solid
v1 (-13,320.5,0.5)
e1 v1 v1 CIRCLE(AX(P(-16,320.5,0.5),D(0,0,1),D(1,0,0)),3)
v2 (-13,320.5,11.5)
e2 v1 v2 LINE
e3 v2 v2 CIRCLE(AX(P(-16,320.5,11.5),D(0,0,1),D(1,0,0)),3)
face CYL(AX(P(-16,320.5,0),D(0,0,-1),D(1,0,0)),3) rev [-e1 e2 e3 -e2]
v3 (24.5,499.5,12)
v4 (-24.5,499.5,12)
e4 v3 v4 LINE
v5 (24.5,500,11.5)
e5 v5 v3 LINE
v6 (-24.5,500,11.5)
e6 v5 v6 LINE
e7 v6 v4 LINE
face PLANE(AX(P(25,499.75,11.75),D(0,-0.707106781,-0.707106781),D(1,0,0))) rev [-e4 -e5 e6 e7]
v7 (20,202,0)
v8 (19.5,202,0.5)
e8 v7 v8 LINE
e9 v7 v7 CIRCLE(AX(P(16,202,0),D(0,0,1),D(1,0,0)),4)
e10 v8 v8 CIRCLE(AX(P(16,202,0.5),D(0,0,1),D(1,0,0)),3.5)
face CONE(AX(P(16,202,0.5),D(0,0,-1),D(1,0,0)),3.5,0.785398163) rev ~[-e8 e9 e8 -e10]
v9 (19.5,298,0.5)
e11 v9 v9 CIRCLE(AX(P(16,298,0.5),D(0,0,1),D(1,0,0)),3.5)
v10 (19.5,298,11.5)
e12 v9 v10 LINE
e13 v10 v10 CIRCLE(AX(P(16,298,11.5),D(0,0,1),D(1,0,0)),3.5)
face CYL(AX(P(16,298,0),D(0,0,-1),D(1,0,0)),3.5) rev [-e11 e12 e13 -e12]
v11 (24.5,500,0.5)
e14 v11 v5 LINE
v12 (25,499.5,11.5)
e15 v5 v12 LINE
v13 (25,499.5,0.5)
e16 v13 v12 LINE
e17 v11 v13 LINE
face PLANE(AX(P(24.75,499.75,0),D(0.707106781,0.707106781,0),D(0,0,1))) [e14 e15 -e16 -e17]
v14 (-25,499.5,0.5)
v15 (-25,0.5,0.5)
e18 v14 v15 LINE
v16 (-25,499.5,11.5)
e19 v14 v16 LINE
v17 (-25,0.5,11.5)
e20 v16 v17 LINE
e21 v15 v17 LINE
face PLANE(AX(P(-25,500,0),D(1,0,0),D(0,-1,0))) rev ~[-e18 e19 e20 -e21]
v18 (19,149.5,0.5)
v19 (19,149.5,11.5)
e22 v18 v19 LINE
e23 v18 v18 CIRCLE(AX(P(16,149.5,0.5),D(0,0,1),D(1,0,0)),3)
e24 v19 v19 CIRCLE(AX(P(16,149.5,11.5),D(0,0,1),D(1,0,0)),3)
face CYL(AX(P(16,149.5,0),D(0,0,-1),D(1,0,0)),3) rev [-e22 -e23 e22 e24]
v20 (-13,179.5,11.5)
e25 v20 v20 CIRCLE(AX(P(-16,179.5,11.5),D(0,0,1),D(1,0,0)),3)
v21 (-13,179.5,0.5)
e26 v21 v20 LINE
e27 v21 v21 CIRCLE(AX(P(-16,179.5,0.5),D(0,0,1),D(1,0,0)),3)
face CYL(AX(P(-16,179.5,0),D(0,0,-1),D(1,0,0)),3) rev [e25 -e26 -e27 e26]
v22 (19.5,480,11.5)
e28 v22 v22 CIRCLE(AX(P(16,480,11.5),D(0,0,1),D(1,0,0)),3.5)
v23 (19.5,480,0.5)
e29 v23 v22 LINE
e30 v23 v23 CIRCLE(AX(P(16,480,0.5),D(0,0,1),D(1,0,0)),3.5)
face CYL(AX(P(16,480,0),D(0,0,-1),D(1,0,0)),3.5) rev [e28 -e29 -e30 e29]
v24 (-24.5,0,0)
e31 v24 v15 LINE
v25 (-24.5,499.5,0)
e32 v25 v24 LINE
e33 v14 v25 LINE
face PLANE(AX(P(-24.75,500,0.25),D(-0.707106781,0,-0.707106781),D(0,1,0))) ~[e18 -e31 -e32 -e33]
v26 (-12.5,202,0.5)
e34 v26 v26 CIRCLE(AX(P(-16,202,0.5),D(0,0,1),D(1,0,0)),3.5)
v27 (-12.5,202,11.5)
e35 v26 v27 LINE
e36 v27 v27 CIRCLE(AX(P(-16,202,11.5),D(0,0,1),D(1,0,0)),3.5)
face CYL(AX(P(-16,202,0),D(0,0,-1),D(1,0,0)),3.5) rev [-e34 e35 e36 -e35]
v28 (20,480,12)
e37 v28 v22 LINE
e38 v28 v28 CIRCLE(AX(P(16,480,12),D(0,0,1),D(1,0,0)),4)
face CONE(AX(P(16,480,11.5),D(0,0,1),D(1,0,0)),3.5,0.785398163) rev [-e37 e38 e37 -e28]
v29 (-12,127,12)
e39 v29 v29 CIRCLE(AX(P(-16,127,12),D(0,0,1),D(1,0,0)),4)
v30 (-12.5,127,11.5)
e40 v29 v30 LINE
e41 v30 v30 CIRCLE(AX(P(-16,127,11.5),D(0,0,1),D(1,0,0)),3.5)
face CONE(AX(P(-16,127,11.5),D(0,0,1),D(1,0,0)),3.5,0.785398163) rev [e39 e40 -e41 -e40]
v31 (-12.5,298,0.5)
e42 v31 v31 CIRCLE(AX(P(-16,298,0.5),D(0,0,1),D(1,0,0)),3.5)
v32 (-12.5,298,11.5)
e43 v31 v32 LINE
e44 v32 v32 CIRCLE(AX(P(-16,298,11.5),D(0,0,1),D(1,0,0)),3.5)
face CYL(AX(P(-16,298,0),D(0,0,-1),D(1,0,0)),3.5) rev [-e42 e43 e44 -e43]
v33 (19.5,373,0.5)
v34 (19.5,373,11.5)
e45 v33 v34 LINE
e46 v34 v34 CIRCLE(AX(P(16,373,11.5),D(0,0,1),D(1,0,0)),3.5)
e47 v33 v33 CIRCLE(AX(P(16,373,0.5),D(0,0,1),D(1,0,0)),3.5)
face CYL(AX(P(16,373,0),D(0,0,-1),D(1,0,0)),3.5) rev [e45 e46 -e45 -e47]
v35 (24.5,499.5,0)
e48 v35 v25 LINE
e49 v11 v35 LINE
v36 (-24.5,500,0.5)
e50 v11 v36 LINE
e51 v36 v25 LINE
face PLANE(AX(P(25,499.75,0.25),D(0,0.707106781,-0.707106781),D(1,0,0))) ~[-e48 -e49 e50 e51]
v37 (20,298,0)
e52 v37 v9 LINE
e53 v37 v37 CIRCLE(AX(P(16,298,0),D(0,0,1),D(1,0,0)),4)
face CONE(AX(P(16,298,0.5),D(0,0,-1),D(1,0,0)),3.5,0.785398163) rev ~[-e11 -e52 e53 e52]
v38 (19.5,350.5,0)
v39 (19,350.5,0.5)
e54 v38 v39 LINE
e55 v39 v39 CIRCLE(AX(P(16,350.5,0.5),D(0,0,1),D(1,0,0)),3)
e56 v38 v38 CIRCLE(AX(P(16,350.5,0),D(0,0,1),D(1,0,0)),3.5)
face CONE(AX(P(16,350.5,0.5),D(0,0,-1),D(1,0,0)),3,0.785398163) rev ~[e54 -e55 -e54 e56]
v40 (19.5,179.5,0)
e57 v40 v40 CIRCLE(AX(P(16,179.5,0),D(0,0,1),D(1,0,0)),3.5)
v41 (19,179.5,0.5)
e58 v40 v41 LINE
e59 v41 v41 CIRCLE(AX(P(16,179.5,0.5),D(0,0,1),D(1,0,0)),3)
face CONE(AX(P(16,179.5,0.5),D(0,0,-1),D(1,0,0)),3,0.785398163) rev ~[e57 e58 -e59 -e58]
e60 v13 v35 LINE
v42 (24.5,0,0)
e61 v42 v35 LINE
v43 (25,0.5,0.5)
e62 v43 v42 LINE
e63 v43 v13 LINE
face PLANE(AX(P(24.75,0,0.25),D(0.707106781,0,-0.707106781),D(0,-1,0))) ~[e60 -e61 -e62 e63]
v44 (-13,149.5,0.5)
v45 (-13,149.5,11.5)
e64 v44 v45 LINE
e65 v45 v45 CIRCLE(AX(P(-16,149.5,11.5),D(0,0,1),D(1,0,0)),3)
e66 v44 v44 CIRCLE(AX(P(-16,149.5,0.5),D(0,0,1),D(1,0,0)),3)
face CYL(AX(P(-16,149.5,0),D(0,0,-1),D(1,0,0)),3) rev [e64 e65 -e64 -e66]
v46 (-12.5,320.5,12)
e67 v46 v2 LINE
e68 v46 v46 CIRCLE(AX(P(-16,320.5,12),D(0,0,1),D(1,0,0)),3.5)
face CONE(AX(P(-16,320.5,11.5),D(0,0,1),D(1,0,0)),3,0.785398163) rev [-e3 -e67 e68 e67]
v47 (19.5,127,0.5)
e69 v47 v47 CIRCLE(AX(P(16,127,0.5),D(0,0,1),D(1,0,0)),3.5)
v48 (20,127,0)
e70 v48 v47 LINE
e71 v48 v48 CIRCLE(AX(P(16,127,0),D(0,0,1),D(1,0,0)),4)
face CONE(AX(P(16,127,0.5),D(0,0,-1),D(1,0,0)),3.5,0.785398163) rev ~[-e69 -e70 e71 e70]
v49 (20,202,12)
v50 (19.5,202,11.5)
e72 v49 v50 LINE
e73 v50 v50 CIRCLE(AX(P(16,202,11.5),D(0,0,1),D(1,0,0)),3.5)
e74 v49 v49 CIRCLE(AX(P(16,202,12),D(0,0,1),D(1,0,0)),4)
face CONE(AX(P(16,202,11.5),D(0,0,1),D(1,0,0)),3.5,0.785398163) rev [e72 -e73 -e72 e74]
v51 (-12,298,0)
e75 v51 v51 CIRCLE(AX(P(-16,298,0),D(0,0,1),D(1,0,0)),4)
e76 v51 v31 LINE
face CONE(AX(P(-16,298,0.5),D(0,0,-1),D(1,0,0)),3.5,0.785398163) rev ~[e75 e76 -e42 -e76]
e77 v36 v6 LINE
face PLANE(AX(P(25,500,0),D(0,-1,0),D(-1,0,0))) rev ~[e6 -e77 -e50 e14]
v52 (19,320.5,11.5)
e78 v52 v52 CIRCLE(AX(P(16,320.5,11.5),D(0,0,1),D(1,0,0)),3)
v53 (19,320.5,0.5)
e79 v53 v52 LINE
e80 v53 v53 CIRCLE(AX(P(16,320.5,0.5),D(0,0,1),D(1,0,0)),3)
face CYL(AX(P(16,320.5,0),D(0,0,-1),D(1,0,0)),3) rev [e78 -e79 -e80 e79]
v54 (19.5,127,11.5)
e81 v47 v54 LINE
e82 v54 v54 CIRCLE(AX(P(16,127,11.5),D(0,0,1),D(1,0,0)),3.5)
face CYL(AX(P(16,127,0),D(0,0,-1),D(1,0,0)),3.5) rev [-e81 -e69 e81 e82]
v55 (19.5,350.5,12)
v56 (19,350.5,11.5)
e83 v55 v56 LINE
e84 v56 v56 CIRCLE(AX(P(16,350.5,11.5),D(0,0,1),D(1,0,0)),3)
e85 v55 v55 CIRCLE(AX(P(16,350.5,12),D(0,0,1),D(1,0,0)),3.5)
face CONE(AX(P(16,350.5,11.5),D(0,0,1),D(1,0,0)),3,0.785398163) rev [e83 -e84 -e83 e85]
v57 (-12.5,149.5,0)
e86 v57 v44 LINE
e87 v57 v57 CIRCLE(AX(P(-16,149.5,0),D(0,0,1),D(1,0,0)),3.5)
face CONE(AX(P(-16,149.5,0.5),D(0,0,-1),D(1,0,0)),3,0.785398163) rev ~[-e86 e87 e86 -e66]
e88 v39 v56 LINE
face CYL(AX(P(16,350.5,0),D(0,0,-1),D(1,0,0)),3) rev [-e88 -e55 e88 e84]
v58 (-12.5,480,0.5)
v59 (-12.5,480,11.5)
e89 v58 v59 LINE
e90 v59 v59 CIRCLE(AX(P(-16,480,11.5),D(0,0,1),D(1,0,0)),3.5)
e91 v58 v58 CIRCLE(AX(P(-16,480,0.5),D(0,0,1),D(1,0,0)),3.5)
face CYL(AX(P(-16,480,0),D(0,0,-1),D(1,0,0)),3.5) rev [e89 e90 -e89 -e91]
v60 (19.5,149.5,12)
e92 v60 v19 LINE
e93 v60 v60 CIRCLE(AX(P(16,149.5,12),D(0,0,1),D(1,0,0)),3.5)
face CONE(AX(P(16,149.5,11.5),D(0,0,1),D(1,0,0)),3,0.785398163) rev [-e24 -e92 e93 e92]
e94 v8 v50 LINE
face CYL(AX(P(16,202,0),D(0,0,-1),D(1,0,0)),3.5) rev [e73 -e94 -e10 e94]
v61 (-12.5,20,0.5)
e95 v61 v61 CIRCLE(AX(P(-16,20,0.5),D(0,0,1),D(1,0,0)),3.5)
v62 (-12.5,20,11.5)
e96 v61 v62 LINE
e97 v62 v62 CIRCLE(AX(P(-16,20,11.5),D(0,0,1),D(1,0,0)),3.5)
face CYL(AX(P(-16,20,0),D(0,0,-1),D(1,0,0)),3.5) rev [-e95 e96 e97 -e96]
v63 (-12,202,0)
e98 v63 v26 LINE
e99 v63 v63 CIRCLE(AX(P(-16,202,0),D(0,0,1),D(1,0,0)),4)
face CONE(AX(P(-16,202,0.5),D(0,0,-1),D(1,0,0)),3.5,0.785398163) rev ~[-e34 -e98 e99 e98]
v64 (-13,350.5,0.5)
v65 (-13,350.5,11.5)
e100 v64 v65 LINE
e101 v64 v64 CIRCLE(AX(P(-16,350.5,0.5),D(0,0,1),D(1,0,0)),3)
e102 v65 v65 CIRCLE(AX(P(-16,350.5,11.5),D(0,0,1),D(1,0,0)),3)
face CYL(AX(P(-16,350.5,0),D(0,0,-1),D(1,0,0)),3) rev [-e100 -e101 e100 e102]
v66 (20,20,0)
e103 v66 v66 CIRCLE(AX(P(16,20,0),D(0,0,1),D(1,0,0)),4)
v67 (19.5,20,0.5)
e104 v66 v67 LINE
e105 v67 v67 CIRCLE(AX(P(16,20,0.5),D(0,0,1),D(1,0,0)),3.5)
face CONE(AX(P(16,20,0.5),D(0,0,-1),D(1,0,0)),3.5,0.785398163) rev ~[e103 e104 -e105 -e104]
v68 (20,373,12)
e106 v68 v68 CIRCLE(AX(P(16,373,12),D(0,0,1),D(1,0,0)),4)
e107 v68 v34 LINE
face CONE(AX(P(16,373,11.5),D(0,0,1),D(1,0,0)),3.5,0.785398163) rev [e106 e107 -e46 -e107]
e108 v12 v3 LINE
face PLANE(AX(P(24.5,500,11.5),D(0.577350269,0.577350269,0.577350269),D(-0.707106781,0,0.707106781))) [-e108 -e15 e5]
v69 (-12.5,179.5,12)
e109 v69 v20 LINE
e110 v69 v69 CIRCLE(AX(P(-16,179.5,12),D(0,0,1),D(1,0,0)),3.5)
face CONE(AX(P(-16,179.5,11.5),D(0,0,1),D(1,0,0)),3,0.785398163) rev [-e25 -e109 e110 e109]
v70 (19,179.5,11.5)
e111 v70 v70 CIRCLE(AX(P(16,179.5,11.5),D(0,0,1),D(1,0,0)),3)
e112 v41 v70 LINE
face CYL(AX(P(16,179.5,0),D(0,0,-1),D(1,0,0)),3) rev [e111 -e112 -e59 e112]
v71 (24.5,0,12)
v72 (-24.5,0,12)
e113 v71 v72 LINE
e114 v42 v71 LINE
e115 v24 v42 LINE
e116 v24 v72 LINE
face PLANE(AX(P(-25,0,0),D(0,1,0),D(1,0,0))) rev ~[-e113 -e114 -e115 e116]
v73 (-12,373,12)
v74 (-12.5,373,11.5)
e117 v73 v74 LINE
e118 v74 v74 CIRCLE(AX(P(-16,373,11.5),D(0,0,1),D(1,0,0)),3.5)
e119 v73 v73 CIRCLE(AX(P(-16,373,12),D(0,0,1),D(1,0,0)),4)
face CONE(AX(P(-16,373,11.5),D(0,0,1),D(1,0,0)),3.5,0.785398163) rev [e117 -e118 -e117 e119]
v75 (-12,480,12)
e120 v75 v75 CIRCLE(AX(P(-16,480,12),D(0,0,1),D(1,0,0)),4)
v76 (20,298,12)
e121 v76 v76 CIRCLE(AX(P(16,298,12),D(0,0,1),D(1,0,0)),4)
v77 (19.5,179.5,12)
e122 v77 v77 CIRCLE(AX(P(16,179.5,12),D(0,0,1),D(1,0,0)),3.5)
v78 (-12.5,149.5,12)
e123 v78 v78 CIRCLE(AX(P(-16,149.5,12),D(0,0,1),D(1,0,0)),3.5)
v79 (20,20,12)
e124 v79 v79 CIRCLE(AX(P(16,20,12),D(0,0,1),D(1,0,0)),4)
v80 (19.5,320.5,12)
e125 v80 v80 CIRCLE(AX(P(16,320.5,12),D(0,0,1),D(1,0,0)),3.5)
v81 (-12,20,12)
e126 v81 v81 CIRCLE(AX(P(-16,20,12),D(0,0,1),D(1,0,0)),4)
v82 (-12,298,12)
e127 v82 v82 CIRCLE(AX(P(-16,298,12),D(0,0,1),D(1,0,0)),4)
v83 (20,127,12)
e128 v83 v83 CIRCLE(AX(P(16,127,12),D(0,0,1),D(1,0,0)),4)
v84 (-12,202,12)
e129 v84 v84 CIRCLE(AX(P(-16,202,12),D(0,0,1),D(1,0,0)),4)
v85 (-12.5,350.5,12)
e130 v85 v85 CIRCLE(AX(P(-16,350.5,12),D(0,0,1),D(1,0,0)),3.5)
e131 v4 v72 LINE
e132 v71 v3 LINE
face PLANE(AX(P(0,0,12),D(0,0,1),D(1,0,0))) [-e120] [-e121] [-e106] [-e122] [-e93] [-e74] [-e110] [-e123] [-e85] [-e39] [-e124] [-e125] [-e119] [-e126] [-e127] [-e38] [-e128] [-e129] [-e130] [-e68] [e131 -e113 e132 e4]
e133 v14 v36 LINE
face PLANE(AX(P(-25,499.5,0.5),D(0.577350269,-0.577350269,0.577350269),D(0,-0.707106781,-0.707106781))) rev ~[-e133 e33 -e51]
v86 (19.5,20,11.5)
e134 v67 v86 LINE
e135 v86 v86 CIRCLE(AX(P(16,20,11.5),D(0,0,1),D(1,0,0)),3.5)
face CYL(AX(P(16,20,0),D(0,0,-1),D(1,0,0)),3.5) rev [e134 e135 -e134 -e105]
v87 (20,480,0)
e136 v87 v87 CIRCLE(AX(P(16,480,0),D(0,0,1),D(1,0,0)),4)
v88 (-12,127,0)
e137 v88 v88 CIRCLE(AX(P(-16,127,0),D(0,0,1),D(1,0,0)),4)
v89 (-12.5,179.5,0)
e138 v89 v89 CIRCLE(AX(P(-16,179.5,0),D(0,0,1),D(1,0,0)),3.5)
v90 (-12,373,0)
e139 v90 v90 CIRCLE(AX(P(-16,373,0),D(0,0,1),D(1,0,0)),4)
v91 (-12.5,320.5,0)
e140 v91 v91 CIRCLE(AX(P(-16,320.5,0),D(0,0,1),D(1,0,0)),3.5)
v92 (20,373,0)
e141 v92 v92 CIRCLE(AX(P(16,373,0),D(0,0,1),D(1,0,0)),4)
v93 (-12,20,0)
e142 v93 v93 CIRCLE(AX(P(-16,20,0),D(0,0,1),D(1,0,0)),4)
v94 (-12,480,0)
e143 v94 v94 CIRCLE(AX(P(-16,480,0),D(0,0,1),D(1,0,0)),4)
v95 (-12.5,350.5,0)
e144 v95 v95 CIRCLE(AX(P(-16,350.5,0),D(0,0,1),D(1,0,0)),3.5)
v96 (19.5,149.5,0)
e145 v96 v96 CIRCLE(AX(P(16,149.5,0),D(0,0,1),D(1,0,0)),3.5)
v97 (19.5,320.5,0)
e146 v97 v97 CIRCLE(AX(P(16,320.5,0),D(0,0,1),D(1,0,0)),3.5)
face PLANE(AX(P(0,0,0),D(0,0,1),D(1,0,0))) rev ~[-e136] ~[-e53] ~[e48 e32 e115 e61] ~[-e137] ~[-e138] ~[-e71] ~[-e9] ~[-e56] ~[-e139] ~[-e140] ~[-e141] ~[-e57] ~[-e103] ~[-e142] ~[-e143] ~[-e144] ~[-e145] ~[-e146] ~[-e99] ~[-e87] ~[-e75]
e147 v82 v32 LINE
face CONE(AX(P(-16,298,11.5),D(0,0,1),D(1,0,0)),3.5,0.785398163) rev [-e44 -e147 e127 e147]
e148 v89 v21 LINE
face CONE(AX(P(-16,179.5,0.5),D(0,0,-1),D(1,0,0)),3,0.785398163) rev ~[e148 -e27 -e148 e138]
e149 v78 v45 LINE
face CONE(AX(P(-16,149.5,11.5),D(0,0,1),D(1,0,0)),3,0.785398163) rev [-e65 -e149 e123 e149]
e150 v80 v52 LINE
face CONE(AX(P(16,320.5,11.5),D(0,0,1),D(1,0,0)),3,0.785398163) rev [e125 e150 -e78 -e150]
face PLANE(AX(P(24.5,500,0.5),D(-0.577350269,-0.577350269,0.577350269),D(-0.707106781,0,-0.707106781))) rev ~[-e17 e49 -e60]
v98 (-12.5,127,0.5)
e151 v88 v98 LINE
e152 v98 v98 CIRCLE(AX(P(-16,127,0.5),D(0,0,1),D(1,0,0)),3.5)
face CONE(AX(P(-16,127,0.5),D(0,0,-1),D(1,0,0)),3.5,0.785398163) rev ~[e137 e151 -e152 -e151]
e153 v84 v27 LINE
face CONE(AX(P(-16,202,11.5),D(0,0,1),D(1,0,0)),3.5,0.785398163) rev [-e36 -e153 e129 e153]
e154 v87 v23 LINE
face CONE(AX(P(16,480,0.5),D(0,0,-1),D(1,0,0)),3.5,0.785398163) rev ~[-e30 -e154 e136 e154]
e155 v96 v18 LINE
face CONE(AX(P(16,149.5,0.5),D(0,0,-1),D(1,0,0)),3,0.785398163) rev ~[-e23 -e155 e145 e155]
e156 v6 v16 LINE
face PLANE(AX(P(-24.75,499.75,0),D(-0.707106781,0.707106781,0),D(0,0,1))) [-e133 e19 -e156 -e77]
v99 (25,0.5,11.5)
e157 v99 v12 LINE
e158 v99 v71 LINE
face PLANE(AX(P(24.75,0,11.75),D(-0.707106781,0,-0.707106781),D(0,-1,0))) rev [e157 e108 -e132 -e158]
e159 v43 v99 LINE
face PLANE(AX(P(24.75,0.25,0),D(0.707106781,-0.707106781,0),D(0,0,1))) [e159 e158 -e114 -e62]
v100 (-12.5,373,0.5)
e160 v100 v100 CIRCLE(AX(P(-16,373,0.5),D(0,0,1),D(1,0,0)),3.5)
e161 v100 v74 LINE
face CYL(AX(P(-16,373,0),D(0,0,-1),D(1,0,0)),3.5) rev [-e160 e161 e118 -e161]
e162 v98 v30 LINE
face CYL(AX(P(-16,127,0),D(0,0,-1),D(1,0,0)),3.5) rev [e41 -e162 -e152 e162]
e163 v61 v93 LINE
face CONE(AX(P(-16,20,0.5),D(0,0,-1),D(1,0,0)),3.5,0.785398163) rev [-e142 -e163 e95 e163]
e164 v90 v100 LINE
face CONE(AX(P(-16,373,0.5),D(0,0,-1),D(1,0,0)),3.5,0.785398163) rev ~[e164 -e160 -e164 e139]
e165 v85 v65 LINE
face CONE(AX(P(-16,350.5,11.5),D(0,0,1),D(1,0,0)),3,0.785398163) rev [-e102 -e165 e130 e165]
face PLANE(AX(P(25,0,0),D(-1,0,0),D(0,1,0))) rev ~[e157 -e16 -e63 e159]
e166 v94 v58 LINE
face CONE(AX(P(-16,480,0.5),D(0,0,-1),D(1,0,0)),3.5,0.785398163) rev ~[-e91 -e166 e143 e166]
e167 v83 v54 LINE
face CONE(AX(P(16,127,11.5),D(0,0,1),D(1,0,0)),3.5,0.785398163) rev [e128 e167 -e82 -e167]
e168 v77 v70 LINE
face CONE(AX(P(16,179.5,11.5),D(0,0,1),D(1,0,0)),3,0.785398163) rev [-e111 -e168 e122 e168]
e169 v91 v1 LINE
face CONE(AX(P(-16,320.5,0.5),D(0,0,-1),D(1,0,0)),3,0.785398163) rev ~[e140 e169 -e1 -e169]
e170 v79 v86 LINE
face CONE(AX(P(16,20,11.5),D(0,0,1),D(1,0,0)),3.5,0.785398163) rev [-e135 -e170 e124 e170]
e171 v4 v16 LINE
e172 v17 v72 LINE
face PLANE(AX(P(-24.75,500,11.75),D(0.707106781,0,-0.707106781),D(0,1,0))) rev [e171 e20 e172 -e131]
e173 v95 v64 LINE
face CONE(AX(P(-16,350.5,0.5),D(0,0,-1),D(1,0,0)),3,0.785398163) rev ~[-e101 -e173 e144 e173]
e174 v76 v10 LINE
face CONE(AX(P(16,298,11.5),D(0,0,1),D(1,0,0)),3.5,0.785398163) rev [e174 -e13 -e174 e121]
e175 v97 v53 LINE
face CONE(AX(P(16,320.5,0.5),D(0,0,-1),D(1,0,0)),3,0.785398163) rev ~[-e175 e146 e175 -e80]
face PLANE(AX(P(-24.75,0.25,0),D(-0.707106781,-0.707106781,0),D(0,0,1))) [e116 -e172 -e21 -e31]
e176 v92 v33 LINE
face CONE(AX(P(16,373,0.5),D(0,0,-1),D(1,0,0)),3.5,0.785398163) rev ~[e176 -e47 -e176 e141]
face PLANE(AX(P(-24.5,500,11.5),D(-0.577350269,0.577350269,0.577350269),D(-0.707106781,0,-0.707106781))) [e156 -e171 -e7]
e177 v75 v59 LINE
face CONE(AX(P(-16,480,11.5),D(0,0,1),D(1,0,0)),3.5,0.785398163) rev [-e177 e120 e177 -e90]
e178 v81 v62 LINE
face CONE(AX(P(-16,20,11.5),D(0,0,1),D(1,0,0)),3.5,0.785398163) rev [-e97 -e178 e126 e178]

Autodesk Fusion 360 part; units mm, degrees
sketch "Top" plane through (0, 0, 0) normal (0, 0, 1) x (1, 0, 0)
  line L0 (0, 0) -> (25, 0)
  line L1 (25, 0) -> (25, 500)
  line L2 (25, 500) -> (-25, 500)
  line L3 (-25, 500) -> (-25, 0)
  line L4 (-25, 0) -> (0, 0)
  line L5 (-16, 0) -> (-16, 500) construction
  line L6 (16, 0) -> (16, 500) construction
  line L7 (0, 0) -> (0, 500) construction
  line L8 (0, 20) -> (16, 20) construction
  line L9 (0, 20) -> (-16, 20) construction
  line L10 (-16, 127) -> (16, 127) construction
  line L11 (16, 149.5) -> (-16, 149.5) construction
  line L12 (-16, 179.5) -> (16, 179.5) construction
  line L13 (-16, 202) -> (16, 202) construction
  line L14 (-16, 298) -> (16, 298) construction
  line L15 (-16, 320.5) -> (16, 320.5) construction
  line L16 (-16, 350.5) -> (16, 350.5) construction
  line L17 (-16, 373) -> (16, 373) construction
  line L18 (-16, 480) -> (16, 480) construction
  circle A0 centre (-16, 149.5) radius 3
  circle A1 centre (-16, 179.5) radius 3
  circle A2 centre (16, 149.5) radius 3
  circle A3 centre (16, 179.5) radius 3
  circle A4 centre (-16, 320.5) radius 3
  circle A5 centre (16, 320.5) radius 3
  circle A6 centre (-16, 350.5) radius 3
  circle A7 centre (16, 350.5) radius 3
  circle A8 centre (-16, 480) radius 3.5
  circle A9 centre (16, 480) radius 3.5
  circle A10 centre (-16, 373) radius 3.5
  circle A11 centre (16, 373) radius 3.5
  circle A12 centre (-16, 298) radius 3.5
  circle A13 centre (16, 298) radius 3.5
  circle A14 centre (-16, 202) radius 3.5
  circle A15 centre (16, 202) radius 3.5
  circle A16 centre (-16, 127) radius 3.5
  circle A17 centre (16, 127) radius 3.5
  circle A18 centre (-16, 20) radius 3.5
  circle A19 centre (16, 20) radius 3.5
  dimension "d1" = 50
  dimension "d2" = 500
  dimension "d3" = 32
  dimension "d4" = 20
  dimension "d5" = 107
  dimension "d6" = 22.5
  dimension "d7" = 22.5
  dimension "d8" = 30
  dimension "d9" = 22.5
  dimension "d10" = 22.5
  dimension "d11" = 30
  dimension "d12" = 107
  dimension "d13" = 20
  dimension "d14" = 96
  dimension "d15" = 6
  dimension "d16" = 6
  dimension "d18" = 6
  dimension "d19" = 6
  dimension "d20" = 6
  dimension "d21" = 6
  dimension "d22" = 6
  dimension "d23" = 6
  dimension "d24" = 7
  dimension "d25" = 7
  dimension "d26" = 7
  dimension "d27" = 7
  dimension "d28" = 7
  dimension "d29" = 7
  dimension "d30" = 7
  dimension "d31" = 7
  dimension "d32" = 7
  dimension "d33" = 7
  dimension "d34" = 7
  dimension "d35" = 7
extrude "Extrude1" add sketch "Top" along normal blind 12
chamfer "Chamfer1" distance 0.5 angle 45 12 edges at (0, 0, 12) (25, 250, 12) (-25, 250, 12) (25, 0, 6) (-25, 0, 6) (0, 0, 0) (25, 250, 0) (25, 500, 6) (0, 500, 12) (0, 500, 0) (-25, 500, 6) (-25, 250, 0)
chamfer "Chamfer2" distance 0.5 angle 45 20 edges at (-19.2631, 21.2657, 12) (12.7369, 21.2657, 12) (-19.2631, 128.2657, 12) (-18.797, 150.5848, 12) (-18.797, 180.5848, 12) (-19.2631, 203.2657, 12) (12.7369, 128.2657, 12) (13.203, 150.5848, 12) (13.203, 180.5848, 12) (12.7369, 203.2657, 12) (-19.2631, 299.2657, 12) (-18.797, 321.5848, 12) (-18.797, 351.5848, 12) (-19.2631, 374.2657, 12) (12.7369, 299.2657, 12) (13.203, 321.5848, 12) (13.203, 351.5848, 12) (12.7369, 374.2657, 12) (12.7369, 481.2657, 12) (-19.2631, 481.2657, 12)
chamfer "Chamfer3" distance 0.5 angle 45 20 edges at (12.7369, 21.2657, 0) (-19.2631, 21.2657, 0) (12.7369, 128.2657, 0) (-19.2631, 128.2657, 0) (-18.797, 150.5848, 0) (-18.797, 180.5848, 0) (-19.2631, 203.2657, 0) (13.203, 150.5848, 0) (13.203, 180.5848, 0) (12.7369, 203.2657, 0) (12.7369, 299.2657, 0) (13.203, 321.5848, 0) (13.203, 351.5848, 0) (12.7369, 374.2657, 0) (-19.2631, 299.2657, 0) (-18.797, 321.5848, 0) (-18.797, 351.5848, 0) (-19.2631, 374.2657, 0) (-19.2631, 481.2657, 0) (12.7369, 481.2657, 0)
